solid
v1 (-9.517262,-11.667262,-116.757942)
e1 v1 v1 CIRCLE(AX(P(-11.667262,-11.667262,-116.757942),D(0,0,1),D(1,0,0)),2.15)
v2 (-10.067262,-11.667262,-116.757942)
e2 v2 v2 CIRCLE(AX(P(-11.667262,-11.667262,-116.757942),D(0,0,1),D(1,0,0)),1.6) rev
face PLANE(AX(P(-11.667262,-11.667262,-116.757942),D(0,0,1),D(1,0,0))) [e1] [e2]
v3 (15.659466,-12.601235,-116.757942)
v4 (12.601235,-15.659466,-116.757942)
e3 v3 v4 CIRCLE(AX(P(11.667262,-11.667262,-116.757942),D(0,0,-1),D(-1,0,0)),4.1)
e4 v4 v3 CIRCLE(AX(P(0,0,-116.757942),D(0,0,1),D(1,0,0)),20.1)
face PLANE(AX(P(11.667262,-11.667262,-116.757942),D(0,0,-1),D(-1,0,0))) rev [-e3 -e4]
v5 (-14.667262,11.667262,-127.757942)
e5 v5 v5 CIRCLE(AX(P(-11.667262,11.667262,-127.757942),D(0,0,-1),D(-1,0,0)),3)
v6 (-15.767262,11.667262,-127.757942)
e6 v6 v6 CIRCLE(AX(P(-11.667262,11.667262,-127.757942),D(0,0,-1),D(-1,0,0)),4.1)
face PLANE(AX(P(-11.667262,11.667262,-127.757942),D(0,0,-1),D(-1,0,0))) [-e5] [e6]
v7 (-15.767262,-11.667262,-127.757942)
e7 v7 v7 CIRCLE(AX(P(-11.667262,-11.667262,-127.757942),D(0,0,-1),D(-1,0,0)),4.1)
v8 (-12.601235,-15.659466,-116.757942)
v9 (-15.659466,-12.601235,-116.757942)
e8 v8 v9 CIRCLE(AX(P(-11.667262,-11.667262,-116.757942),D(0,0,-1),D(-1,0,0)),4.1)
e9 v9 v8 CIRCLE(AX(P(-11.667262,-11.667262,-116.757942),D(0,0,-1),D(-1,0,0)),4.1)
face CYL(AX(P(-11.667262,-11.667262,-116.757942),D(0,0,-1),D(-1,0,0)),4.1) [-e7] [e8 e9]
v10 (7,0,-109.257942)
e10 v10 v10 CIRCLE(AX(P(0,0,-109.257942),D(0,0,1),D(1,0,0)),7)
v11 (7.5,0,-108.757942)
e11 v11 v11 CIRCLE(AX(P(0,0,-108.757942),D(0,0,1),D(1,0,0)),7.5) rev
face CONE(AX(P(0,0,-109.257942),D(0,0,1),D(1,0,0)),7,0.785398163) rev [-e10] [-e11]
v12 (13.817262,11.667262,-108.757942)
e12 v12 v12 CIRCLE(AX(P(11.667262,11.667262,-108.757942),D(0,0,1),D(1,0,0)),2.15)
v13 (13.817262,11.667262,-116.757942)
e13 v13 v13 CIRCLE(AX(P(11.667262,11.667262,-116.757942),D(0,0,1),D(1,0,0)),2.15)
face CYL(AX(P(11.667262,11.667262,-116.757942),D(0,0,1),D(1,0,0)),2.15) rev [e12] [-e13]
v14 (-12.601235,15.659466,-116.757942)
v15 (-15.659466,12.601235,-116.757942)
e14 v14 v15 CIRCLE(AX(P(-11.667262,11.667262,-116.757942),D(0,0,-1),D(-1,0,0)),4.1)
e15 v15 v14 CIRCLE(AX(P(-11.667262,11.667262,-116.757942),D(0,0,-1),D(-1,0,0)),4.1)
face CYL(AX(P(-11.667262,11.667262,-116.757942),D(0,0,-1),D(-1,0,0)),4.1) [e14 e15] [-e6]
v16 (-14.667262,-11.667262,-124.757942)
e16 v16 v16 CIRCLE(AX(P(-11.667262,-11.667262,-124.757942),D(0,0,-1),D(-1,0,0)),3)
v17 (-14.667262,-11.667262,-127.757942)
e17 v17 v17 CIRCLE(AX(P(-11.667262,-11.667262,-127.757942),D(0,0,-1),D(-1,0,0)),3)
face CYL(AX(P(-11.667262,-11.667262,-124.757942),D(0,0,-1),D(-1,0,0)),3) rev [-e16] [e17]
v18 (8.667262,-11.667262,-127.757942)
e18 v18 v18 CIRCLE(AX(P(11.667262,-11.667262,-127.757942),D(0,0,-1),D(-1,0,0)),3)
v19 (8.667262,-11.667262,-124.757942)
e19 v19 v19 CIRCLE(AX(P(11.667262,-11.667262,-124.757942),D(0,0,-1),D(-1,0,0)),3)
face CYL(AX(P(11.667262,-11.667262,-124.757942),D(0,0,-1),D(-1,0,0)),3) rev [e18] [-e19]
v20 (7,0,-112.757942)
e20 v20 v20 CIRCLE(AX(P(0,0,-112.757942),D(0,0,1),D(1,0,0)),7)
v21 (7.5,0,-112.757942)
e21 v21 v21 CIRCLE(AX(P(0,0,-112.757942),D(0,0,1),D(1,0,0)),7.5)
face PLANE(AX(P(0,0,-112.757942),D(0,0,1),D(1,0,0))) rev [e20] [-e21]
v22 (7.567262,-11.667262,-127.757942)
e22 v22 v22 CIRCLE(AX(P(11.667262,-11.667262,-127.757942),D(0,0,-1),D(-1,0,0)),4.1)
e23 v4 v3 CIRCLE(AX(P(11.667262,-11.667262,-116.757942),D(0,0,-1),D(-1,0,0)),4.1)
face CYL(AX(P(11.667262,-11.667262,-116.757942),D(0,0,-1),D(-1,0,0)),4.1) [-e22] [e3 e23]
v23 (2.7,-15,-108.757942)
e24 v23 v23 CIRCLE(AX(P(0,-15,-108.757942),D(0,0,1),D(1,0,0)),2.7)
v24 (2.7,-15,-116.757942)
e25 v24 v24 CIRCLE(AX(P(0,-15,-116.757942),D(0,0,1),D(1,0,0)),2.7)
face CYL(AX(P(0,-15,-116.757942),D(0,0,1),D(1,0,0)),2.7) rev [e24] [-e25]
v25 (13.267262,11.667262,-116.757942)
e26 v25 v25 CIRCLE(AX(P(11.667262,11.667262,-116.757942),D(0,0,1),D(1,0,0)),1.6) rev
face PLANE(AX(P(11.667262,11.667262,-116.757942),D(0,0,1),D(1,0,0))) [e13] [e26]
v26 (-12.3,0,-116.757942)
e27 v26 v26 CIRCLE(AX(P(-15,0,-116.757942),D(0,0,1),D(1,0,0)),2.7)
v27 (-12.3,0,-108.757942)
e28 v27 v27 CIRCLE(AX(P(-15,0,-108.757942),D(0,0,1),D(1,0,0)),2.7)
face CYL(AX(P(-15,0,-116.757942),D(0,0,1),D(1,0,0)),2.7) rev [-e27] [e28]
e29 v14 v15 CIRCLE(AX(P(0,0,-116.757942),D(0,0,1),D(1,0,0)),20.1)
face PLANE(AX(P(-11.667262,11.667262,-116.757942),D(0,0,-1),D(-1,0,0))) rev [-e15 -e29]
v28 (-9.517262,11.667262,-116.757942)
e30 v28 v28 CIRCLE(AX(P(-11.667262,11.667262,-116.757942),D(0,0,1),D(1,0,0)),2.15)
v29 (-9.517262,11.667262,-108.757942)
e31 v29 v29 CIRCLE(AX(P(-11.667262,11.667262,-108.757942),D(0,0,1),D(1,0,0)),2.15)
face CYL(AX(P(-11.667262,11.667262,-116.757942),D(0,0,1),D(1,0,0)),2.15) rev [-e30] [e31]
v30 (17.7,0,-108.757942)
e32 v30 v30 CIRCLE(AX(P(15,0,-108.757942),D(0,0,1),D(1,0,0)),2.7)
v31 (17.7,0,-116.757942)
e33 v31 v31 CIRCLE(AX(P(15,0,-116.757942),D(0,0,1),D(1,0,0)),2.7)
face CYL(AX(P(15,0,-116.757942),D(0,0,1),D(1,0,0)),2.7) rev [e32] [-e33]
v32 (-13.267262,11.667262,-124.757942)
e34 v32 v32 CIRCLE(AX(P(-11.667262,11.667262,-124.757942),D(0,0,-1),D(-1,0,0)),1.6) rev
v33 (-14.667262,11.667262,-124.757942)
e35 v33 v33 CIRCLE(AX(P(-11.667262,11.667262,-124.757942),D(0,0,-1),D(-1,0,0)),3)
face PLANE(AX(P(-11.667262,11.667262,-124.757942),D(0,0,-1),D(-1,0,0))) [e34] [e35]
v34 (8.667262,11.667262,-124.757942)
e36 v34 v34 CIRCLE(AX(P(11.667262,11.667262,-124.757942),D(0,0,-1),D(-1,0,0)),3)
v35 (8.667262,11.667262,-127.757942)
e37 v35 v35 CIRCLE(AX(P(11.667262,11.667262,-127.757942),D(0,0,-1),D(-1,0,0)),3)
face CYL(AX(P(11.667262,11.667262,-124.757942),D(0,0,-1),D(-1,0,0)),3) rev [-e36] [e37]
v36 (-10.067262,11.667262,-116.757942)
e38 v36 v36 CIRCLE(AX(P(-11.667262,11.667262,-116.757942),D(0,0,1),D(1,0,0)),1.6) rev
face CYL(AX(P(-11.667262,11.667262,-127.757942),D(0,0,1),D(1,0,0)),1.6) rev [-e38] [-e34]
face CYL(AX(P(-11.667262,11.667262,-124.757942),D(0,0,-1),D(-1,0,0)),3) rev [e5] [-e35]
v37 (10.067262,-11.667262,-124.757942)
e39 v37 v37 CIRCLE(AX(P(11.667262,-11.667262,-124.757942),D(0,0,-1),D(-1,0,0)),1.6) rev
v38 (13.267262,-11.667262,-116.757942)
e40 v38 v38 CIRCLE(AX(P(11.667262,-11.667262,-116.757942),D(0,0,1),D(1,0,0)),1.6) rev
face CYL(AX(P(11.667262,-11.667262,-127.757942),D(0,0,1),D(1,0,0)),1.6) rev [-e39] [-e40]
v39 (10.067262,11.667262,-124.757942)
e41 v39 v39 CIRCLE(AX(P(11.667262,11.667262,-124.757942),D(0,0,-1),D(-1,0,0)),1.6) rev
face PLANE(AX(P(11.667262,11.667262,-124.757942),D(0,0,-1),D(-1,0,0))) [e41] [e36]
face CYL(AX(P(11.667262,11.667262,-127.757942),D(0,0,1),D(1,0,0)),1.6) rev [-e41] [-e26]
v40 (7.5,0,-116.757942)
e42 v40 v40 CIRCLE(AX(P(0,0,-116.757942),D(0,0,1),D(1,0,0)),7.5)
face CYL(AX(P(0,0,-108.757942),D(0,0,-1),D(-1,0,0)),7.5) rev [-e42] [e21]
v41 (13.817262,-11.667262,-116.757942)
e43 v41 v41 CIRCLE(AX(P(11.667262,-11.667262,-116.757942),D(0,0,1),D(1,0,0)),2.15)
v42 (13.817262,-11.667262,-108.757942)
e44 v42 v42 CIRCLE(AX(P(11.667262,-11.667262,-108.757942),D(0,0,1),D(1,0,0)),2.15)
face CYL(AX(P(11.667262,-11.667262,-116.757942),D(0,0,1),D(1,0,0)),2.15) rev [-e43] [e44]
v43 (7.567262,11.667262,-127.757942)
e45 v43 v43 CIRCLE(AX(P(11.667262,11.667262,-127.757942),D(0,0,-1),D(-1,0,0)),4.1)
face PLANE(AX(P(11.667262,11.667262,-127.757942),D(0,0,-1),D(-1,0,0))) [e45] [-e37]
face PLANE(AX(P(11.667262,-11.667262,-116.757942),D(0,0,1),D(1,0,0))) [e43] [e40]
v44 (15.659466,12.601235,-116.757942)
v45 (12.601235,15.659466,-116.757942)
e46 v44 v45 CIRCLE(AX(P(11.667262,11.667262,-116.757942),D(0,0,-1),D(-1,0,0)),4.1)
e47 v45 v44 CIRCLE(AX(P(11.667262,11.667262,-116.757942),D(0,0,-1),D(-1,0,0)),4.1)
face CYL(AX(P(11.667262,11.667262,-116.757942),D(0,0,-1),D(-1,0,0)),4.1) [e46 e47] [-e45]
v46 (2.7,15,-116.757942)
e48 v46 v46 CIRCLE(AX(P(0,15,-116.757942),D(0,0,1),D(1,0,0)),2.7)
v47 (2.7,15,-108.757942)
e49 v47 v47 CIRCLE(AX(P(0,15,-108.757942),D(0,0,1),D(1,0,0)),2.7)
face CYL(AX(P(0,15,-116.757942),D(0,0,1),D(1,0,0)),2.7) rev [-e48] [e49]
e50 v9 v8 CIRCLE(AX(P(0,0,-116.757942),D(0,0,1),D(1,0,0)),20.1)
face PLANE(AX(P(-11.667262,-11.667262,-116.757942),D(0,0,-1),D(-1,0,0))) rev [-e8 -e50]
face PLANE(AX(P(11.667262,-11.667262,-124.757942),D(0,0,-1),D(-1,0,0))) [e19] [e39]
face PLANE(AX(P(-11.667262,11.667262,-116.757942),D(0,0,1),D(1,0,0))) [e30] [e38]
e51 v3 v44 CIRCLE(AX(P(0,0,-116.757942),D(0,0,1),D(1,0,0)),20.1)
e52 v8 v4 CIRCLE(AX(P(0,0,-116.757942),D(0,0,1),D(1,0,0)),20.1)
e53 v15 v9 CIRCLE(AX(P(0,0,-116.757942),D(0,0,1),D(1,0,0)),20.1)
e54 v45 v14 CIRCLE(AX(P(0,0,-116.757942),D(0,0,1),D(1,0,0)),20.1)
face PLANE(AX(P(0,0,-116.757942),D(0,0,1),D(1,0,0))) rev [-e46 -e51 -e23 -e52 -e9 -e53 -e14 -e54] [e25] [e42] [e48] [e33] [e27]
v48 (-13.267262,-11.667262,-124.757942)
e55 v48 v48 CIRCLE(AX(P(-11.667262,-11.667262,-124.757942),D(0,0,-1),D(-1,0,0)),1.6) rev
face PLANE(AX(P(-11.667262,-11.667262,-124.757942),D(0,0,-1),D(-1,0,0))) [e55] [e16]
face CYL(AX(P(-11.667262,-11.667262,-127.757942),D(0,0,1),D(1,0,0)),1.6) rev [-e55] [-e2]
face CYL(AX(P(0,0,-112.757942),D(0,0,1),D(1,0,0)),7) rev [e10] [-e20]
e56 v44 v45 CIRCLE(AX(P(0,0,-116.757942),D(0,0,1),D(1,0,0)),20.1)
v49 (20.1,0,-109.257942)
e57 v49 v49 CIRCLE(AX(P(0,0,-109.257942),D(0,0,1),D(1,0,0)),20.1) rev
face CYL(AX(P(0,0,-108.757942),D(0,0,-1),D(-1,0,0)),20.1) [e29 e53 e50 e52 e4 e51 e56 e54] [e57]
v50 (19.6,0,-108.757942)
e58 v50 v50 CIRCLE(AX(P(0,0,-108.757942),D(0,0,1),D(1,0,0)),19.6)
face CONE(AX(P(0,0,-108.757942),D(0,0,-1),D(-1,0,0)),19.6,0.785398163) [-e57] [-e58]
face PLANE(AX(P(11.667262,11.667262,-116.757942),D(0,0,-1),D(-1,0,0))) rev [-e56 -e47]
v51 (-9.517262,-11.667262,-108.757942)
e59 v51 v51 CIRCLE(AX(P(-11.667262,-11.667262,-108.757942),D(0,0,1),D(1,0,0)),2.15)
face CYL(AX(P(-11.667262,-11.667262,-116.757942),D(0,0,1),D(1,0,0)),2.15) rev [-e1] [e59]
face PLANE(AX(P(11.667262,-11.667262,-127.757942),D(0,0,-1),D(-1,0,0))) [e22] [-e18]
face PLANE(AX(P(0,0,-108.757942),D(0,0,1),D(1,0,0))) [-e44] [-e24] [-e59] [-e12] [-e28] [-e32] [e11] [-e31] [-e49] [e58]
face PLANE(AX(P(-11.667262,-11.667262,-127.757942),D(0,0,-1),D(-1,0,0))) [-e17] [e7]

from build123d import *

# Parameters (mm, degrees)
SKETCH3_R             = 4
BOSS_EXTRUDE1_DEPTH   = 11
BOSS_EXTRUDE1_2_DEPTH = 11
BOSS_EXTRUDE1_3_DEPTH = 11
BOSS_EXTRUDE1_4_DEPTH = 11
SKETCH6_R             = 7.5
BOSS_EXTRUDE6_DEPTH   = 8
SKETCH8_R             = 1.6
CUT_EXTRUDE1_DEPTH    = 35.190934471
SKETCH9_R             = 3
CUT_EXTRUDE2_DEPTH    = 3
BOSS_EXTRUDE8_START   = -11
SKETCH10_R            = 4.1
SKETCH10_R_2          = 4
BOSS_EXTRUDE8_DEPTH   = 11
SKETCH11_R            = 2.7
SKETCH11_R_2          = 2.15
CUT_EXTRUDE3_DEPTH    = 8
BOSS_EXTRUDE9_START   = -4
SKETCH12_R            = 7.5
SKETCH12_R_2          = 7
BOSS_EXTRUDE9_DEPTH   = 4
CHAMFER1_SIZE         = 0.5


with BuildPart() as part:
    # Sketch3 → Boss-Extrude1 (new body)
    with BuildSketch(Plane(origin=(0, 0, -116.757942017), x_dir=(-1, 0, 0), z_dir=(0, 0, -1))):
        with Locations((-11.66726189, 11.66726189)):
            Circle(SKETCH3_R)
    extrude(amount=BOSS_EXTRUDE1_DEPTH)



with BuildPart() as body_2:
    # Sketch3 → Boss-Extrude1 2 (new body)
    with BuildSketch(Plane(origin=(0, 0, -116.757942017), x_dir=(-1, 0, 0), z_dir=(0, 0, -1))):
        with Locations((11.66726189, 11.66726189)):
            Circle(SKETCH3_R)
    extrude(amount=BOSS_EXTRUDE1_2_DEPTH)


with BuildPart() as body_3:
    # Sketch3 → Boss-Extrude1 3 (new body)
    with BuildSketch(Plane(origin=(0, 0, -116.757942017), x_dir=(-1, 0, 0), z_dir=(0, 0, -1))):
        with Locations((11.66726189, -11.66726189)):
            Circle(SKETCH3_R)
    extrude(amount=BOSS_EXTRUDE1_3_DEPTH)


with BuildPart() as body_4:
    # Sketch3 → Boss-Extrude1 4 (new body)
    with BuildSketch(Plane(origin=(0, 0, -116.757942017), x_dir=(-1, 0, 0), z_dir=(0, 0, -1))):
        with Locations((-11.66726189, -11.66726189)):
            Circle(SKETCH3_R)
    extrude(amount=BOSS_EXTRUDE1_4_DEPTH)


with BuildPart() as part_1:
    add(part.part)

    add(body_2.part)  # Boss-Extrude6 merges body 2

    add(body_3.part)  # Boss-Extrude6 merges body 3

    add(body_4.part)  # Boss-Extrude6 merges body 4
    # Sketch6 → Boss-Extrude6 (add)
    with BuildSketch(Plane.XY.offset(-116.757942017)):
        with BuildLine():
            ThreePointArc((16.992766074, -10.735730117), (19.607007689, 4.424392555), (10.735730117, 16.992766074))
            ThreePointArc((10.735730117, 16.992766074), (-4.424392555, 19.607007689), (-16.992766074, 10.735730117))
            ThreePointArc((-16.992766074, 10.735730117), (-19.607007689, -4.424392555), (-10.735730117, -16.992766074))
            ThreePointArc((-10.735730117, -16.992766074), (4.424392555, -19.607007689), (16.992766074, -10.735730117))
        make_face()
        Circle(SKETCH6_R, mode=Mode.SUBTRACT)
    extrude(amount=BOSS_EXTRUDE6_DEPTH)

    # Sketch8 → Cut-Extrude1 (cut, through all)
    with BuildSketch(Plane.XY.offset(-108.757942017)):
        with Locations((11.66726189, 11.66726189)):
            Circle(SKETCH8_R)
        with Locations((11.66726189, -11.66726189)):
            Circle(SKETCH8_R)
        with Locations((-11.66726189, -11.66726189)):
            Circle(SKETCH8_R)
        with Locations((-11.66726189, 11.66726189)):
            Circle(SKETCH8_R)
    extrude(amount=-CUT_EXTRUDE1_DEPTH, mode=Mode.SUBTRACT)

    # Sketch9 → Cut-Extrude2 (cut)
    with BuildSketch(Plane.XY.offset(-127.757942017)):
        with Locations(Location((11.66726189, 11.66726189, 0), (0, 0, 180))):
            Circle(SKETCH9_R)
        with Locations(Location((11.66726189, -11.66726189, 0), (0, 0, 180))):
            Circle(SKETCH9_R)
        with Locations(Location((-11.66726189, -11.66726189, 0), (0, 0, 180))):
            Circle(SKETCH9_R)
        with Locations(Location((-11.66726189, 11.66726189, 0), (0, 0, 180))):
            Circle(SKETCH9_R)
    extrude(amount=CUT_EXTRUDE2_DEPTH, mode=Mode.SUBTRACT)

    # Sketch10 → Boss-Extrude8 (add)
    # profile 1 of 4: a face of its own
    with BuildSketch(Plane(origin=(0, 0, -127.757942017), x_dir=(-1, 0, 0), z_dir=(0, 0, -1)).offset(BOSS_EXTRUDE8_START)):
        with Locations((11.66726189, 11.66726189)):
            Circle(SKETCH10_R)
        with Locations((11.66726189, 11.66726189)):
            Circle(SKETCH10_R_2, mode=Mode.SUBTRACT)
    # profile 2 of 4: a face of its own
    with BuildSketch(Plane(origin=(0, 0, -127.757942017), x_dir=(-1, 0, 0), z_dir=(0, 0, -1)).offset(BOSS_EXTRUDE8_START)):
        with Locations((11.66726189, -11.66726189)):
            Circle(SKETCH10_R)
        with Locations((11.66726189, -11.66726189)):
            Circle(SKETCH10_R_2, mode=Mode.SUBTRACT)
    # profile 3 of 4: a face of its own
    with BuildSketch(Plane(origin=(0, 0, -127.757942017), x_dir=(-1, 0, 0), z_dir=(0, 0, -1)).offset(BOSS_EXTRUDE8_START)):
        with Locations((-11.66726189, -11.66726189)):
            Circle(SKETCH10_R)
        with Locations((-11.66726189, -11.66726189)):
            Circle(SKETCH10_R_2, mode=Mode.SUBTRACT)
    # profile 4 of 4: a face of its own
    with BuildSketch(Plane(origin=(0, 0, -127.757942017), x_dir=(-1, 0, 0), z_dir=(0, 0, -1)).offset(BOSS_EXTRUDE8_START)):
        with Locations((-11.66726189, 11.66726189)):
            Circle(SKETCH10_R)
        with Locations((-11.66726189, 11.66726189)):
            Circle(SKETCH10_R_2, mode=Mode.SUBTRACT)
    extrude(amount=BOSS_EXTRUDE8_DEPTH)

    # Sketch11 → Cut-Extrude3 (cut)
    with BuildSketch(Plane.XY.offset(-108.757942017)):
        with Locations((0, 15)):
            Circle(SKETCH11_R)
        with Locations((15, 0)):
            Circle(SKETCH11_R)
        with Locations((0, -15)):
            Circle(SKETCH11_R)
        with Locations((-15, 0)):
            Circle(SKETCH11_R)
        with Locations((-11.66726189, 11.66726189)):
            Circle(SKETCH11_R_2)
        with Locations((11.66726189, 11.66726189)):
            Circle(SKETCH11_R_2)
        with Locations((11.66726189, -11.66726189)):
            Circle(SKETCH11_R_2)
        with Locations((-11.66726189, -11.66726189)):
            Circle(SKETCH11_R_2)
    extrude(amount=-CUT_EXTRUDE3_DEPTH, mode=Mode.SUBTRACT)

    # Sketch12 → Boss-Extrude9 (add)
    with BuildSketch(Plane.XY.offset(-108.757942017).offset(BOSS_EXTRUDE9_START)):
        Circle(SKETCH12_R)
        Circle(SKETCH12_R_2, mode=Mode.SUBTRACT)
    extrude(amount=BOSS_EXTRUDE9_DEPTH)

    # Chamfer1
    chamfer1_edges = [part_1.edges().sort_by_distance(p)[0] for p in [
        (-10.735730117, -16.992766074, -108.757942017),
        (-7, 0, -108.757942017),
    ]]
    chamfer(chamfer1_edges, length=CHAMFER1_SIZE)


solid = part_1.part
